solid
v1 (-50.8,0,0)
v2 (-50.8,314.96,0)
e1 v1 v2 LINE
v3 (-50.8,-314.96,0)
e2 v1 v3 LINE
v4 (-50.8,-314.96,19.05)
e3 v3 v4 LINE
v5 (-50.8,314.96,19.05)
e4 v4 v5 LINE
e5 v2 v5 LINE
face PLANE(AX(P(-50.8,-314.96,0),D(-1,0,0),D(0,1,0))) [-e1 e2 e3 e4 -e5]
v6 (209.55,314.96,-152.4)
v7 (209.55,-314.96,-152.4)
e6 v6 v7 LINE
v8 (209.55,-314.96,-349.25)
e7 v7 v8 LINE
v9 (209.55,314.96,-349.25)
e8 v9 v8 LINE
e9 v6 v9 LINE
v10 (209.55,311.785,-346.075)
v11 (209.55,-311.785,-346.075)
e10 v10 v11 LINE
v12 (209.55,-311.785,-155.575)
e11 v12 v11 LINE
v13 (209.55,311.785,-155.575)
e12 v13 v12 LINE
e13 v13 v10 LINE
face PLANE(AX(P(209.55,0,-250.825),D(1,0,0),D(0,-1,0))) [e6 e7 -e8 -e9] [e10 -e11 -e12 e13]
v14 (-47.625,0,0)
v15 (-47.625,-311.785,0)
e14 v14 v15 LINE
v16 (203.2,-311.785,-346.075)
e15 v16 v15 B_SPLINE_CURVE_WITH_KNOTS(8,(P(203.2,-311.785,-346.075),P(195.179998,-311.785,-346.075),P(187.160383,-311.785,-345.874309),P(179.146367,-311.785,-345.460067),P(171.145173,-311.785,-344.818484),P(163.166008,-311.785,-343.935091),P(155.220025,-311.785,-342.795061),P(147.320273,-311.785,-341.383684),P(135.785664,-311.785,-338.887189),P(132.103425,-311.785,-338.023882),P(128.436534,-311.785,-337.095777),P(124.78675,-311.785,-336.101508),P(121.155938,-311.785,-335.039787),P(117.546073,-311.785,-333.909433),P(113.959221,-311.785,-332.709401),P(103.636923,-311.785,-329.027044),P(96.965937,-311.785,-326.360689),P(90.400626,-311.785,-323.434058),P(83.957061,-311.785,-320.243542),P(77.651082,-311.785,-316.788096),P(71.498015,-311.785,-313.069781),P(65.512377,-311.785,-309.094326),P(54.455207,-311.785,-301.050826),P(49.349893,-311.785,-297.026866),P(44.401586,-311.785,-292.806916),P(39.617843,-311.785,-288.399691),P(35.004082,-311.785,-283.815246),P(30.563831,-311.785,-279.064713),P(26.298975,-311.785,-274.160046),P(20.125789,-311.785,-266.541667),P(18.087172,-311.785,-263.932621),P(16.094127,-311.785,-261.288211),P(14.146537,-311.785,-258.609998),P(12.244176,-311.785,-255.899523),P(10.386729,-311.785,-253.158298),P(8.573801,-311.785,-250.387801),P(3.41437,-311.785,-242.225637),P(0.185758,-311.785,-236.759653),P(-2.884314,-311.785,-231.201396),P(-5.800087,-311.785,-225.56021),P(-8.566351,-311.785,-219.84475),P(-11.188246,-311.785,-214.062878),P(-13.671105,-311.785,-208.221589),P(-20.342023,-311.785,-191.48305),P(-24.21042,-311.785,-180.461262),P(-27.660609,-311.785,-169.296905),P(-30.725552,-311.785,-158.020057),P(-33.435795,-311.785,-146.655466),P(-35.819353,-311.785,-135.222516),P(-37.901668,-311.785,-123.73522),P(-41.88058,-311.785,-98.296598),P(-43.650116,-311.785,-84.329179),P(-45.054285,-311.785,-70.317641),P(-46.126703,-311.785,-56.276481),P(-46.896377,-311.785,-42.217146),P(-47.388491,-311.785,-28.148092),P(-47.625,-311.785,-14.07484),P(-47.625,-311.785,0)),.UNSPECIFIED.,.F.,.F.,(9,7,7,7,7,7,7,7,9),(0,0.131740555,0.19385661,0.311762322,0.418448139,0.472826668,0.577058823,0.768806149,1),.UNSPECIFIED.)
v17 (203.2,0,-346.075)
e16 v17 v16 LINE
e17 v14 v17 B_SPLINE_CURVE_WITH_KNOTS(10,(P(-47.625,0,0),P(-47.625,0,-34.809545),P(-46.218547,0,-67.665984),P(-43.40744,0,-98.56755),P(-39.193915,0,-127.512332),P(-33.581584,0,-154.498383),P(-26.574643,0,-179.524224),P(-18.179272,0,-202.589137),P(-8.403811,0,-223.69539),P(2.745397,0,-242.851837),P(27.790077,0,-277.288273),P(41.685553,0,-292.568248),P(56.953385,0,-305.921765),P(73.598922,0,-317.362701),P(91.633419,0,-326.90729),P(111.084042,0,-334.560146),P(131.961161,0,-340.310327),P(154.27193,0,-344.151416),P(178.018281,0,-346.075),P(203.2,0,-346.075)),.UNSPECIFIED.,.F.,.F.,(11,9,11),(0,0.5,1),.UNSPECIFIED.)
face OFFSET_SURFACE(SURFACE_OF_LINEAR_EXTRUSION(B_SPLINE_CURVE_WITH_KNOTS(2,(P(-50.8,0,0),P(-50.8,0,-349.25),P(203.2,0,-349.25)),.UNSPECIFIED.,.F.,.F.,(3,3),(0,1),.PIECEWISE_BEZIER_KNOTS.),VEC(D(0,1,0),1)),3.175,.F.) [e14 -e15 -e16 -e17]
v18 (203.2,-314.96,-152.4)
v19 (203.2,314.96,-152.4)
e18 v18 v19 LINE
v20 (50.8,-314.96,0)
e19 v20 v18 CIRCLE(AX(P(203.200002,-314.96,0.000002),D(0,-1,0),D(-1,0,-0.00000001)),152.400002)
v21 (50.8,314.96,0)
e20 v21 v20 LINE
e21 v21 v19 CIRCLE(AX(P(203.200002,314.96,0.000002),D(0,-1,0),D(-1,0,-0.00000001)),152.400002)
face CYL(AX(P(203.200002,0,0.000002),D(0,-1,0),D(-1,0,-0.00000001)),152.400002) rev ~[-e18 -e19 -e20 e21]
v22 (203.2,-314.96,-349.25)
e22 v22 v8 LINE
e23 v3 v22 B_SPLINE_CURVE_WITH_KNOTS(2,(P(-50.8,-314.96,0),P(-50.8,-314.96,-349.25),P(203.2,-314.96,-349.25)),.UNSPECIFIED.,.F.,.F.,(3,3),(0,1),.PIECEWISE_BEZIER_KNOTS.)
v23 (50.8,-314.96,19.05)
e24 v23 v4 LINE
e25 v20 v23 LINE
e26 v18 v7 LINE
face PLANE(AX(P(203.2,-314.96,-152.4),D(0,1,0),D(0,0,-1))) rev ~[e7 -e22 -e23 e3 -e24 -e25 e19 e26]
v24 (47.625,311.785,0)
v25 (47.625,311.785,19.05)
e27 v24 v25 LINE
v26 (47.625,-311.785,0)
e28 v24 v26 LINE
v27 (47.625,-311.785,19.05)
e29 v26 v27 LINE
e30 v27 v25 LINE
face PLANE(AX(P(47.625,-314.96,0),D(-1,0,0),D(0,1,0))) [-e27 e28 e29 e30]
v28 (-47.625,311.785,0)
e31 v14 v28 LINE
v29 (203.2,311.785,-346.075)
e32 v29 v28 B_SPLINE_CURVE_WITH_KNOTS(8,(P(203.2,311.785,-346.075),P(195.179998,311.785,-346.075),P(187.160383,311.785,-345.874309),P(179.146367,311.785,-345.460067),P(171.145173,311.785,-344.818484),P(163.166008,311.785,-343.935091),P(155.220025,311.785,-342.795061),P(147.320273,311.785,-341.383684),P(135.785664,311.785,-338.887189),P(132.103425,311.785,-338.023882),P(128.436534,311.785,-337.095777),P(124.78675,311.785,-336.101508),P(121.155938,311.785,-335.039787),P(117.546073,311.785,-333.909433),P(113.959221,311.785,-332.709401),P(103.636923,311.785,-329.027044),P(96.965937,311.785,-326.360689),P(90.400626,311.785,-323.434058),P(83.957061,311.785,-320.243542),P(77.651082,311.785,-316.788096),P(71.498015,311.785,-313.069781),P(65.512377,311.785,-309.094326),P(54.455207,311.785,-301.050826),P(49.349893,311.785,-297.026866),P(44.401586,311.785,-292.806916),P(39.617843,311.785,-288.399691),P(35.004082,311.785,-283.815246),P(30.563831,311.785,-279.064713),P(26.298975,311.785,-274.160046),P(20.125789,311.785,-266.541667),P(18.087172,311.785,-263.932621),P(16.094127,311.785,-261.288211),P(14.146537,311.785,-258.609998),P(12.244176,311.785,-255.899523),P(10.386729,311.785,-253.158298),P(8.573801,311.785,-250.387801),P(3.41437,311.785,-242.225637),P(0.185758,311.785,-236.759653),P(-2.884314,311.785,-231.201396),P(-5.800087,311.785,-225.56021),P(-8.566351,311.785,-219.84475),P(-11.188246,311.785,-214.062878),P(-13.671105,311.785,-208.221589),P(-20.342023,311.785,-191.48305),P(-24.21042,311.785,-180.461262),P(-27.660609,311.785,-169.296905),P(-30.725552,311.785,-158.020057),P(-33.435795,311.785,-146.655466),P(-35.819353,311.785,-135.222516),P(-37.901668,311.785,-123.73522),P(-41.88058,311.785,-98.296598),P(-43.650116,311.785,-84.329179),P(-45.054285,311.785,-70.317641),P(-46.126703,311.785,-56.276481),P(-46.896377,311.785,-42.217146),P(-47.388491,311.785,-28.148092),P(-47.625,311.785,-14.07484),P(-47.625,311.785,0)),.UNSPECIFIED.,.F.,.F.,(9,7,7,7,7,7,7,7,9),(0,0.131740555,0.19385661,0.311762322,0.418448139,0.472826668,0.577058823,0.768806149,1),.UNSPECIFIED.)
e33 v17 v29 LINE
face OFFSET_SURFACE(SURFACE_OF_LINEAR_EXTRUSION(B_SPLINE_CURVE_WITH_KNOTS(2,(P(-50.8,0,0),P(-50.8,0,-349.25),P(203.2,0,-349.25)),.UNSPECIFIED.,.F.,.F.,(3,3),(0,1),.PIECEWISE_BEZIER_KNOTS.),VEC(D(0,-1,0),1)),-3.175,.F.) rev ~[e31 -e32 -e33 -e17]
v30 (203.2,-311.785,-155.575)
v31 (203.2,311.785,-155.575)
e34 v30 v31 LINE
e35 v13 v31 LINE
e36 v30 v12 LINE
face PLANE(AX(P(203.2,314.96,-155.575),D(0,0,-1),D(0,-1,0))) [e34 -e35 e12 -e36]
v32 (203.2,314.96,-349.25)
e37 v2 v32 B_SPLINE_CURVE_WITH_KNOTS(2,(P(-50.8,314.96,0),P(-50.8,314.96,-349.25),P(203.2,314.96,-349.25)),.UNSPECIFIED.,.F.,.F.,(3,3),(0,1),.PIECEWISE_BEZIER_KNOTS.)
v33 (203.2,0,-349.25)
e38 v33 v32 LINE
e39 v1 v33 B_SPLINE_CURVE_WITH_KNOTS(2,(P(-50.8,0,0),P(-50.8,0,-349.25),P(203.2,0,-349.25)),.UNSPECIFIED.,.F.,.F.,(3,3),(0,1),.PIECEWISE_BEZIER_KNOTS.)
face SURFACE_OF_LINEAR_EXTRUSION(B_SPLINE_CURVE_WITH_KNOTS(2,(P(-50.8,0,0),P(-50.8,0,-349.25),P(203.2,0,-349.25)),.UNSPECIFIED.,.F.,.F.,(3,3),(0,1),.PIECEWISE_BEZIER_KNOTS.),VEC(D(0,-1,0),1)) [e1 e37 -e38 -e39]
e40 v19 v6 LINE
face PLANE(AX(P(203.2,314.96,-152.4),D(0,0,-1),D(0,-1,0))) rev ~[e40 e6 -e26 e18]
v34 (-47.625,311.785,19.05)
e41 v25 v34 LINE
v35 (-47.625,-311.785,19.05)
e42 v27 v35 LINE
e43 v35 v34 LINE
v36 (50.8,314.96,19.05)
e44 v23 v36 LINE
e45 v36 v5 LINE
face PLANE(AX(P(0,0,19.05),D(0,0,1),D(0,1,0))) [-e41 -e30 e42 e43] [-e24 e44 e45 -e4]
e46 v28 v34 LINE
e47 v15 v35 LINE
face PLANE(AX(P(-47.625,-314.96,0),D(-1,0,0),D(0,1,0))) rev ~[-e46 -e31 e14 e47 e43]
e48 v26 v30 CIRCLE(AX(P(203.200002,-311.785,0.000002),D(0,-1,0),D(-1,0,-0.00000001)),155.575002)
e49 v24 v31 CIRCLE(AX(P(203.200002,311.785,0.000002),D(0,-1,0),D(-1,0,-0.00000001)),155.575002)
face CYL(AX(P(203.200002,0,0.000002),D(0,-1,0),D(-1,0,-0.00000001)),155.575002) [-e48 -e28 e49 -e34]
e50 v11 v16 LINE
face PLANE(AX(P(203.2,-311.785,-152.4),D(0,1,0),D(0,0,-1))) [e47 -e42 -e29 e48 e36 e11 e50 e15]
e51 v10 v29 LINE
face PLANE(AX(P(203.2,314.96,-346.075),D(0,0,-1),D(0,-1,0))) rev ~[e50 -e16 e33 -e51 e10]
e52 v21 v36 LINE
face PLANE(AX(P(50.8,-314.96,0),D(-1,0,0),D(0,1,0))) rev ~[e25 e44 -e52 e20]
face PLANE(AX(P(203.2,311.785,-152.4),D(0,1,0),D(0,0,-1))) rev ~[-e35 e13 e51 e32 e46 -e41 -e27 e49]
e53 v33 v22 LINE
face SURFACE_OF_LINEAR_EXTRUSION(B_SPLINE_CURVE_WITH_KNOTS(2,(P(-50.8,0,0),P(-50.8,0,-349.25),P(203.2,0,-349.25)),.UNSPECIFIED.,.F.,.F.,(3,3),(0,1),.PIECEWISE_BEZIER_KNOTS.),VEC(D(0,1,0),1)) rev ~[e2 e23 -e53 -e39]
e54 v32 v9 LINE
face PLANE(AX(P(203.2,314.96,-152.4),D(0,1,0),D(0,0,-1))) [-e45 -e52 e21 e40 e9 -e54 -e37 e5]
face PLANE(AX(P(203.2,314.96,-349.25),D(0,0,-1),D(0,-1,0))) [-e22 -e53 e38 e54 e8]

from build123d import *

# Parameters (mm, degrees)
PAD_DEPTH      = 314.96
PAD_FACE4_W    = 629.92
PAD_FACE4_H    = 101.6
PAD001_DEPTH   = 19.05
PAD001_FACE3_W = 629.92
PAD001_FACE3_H = 196.85
PAD002_DEPTH   = 6.35
THICKNESS_T    = -3.175


with BuildPart() as part:
    # Sketch001 → Pad (new body, symmetric)
    with BuildSketch(Plane.XZ):
        with BuildLine():
            ThreePointArc((50.8, 0), (95.436927, -107.763073), (203.2, -152.4))
            Line((203.2, -152.4), (203.2, -349.25))
            add(Edge.make_bspline(
                [(-50.8, 0), (-50.8, -349.25), (203.2, -349.25)],
                knots=[0, 0, 0, 1, 1, 1], degree=2))
            Line((-50.8, 0), (50.8, 0))
        make_face()
    extrude(amount=PAD_DEPTH, both=True)

    # Pad Face4 → Pad001 (add)
    with BuildSketch(Plane(origin=(0, 0, 0), x_dir=(0, 1, 0), z_dir=(0, 0, 1))):
        Rectangle(PAD_FACE4_W, PAD_FACE4_H)
    extrude(amount=PAD001_DEPTH)

    # Pad001 Face3 → Pad002 (add)
    with BuildSketch(Plane(origin=(203.2, 0, -250.825), x_dir=(0, -1, 0), z_dir=(1, 0, 0))):
        Rectangle(PAD001_FACE3_W, PAD001_FACE3_H)
    extrude(amount=PAD002_DEPTH)

    # Thickness
    thickness_openings = [part.faces().sort_by_distance(p)[0] for p in [
        (0, 0, 19.05),
        (209.55, 0, -250.825),
    ]]
    offset(amount=THICKNESS_T, openings=thickness_openings)


solid = part.part
